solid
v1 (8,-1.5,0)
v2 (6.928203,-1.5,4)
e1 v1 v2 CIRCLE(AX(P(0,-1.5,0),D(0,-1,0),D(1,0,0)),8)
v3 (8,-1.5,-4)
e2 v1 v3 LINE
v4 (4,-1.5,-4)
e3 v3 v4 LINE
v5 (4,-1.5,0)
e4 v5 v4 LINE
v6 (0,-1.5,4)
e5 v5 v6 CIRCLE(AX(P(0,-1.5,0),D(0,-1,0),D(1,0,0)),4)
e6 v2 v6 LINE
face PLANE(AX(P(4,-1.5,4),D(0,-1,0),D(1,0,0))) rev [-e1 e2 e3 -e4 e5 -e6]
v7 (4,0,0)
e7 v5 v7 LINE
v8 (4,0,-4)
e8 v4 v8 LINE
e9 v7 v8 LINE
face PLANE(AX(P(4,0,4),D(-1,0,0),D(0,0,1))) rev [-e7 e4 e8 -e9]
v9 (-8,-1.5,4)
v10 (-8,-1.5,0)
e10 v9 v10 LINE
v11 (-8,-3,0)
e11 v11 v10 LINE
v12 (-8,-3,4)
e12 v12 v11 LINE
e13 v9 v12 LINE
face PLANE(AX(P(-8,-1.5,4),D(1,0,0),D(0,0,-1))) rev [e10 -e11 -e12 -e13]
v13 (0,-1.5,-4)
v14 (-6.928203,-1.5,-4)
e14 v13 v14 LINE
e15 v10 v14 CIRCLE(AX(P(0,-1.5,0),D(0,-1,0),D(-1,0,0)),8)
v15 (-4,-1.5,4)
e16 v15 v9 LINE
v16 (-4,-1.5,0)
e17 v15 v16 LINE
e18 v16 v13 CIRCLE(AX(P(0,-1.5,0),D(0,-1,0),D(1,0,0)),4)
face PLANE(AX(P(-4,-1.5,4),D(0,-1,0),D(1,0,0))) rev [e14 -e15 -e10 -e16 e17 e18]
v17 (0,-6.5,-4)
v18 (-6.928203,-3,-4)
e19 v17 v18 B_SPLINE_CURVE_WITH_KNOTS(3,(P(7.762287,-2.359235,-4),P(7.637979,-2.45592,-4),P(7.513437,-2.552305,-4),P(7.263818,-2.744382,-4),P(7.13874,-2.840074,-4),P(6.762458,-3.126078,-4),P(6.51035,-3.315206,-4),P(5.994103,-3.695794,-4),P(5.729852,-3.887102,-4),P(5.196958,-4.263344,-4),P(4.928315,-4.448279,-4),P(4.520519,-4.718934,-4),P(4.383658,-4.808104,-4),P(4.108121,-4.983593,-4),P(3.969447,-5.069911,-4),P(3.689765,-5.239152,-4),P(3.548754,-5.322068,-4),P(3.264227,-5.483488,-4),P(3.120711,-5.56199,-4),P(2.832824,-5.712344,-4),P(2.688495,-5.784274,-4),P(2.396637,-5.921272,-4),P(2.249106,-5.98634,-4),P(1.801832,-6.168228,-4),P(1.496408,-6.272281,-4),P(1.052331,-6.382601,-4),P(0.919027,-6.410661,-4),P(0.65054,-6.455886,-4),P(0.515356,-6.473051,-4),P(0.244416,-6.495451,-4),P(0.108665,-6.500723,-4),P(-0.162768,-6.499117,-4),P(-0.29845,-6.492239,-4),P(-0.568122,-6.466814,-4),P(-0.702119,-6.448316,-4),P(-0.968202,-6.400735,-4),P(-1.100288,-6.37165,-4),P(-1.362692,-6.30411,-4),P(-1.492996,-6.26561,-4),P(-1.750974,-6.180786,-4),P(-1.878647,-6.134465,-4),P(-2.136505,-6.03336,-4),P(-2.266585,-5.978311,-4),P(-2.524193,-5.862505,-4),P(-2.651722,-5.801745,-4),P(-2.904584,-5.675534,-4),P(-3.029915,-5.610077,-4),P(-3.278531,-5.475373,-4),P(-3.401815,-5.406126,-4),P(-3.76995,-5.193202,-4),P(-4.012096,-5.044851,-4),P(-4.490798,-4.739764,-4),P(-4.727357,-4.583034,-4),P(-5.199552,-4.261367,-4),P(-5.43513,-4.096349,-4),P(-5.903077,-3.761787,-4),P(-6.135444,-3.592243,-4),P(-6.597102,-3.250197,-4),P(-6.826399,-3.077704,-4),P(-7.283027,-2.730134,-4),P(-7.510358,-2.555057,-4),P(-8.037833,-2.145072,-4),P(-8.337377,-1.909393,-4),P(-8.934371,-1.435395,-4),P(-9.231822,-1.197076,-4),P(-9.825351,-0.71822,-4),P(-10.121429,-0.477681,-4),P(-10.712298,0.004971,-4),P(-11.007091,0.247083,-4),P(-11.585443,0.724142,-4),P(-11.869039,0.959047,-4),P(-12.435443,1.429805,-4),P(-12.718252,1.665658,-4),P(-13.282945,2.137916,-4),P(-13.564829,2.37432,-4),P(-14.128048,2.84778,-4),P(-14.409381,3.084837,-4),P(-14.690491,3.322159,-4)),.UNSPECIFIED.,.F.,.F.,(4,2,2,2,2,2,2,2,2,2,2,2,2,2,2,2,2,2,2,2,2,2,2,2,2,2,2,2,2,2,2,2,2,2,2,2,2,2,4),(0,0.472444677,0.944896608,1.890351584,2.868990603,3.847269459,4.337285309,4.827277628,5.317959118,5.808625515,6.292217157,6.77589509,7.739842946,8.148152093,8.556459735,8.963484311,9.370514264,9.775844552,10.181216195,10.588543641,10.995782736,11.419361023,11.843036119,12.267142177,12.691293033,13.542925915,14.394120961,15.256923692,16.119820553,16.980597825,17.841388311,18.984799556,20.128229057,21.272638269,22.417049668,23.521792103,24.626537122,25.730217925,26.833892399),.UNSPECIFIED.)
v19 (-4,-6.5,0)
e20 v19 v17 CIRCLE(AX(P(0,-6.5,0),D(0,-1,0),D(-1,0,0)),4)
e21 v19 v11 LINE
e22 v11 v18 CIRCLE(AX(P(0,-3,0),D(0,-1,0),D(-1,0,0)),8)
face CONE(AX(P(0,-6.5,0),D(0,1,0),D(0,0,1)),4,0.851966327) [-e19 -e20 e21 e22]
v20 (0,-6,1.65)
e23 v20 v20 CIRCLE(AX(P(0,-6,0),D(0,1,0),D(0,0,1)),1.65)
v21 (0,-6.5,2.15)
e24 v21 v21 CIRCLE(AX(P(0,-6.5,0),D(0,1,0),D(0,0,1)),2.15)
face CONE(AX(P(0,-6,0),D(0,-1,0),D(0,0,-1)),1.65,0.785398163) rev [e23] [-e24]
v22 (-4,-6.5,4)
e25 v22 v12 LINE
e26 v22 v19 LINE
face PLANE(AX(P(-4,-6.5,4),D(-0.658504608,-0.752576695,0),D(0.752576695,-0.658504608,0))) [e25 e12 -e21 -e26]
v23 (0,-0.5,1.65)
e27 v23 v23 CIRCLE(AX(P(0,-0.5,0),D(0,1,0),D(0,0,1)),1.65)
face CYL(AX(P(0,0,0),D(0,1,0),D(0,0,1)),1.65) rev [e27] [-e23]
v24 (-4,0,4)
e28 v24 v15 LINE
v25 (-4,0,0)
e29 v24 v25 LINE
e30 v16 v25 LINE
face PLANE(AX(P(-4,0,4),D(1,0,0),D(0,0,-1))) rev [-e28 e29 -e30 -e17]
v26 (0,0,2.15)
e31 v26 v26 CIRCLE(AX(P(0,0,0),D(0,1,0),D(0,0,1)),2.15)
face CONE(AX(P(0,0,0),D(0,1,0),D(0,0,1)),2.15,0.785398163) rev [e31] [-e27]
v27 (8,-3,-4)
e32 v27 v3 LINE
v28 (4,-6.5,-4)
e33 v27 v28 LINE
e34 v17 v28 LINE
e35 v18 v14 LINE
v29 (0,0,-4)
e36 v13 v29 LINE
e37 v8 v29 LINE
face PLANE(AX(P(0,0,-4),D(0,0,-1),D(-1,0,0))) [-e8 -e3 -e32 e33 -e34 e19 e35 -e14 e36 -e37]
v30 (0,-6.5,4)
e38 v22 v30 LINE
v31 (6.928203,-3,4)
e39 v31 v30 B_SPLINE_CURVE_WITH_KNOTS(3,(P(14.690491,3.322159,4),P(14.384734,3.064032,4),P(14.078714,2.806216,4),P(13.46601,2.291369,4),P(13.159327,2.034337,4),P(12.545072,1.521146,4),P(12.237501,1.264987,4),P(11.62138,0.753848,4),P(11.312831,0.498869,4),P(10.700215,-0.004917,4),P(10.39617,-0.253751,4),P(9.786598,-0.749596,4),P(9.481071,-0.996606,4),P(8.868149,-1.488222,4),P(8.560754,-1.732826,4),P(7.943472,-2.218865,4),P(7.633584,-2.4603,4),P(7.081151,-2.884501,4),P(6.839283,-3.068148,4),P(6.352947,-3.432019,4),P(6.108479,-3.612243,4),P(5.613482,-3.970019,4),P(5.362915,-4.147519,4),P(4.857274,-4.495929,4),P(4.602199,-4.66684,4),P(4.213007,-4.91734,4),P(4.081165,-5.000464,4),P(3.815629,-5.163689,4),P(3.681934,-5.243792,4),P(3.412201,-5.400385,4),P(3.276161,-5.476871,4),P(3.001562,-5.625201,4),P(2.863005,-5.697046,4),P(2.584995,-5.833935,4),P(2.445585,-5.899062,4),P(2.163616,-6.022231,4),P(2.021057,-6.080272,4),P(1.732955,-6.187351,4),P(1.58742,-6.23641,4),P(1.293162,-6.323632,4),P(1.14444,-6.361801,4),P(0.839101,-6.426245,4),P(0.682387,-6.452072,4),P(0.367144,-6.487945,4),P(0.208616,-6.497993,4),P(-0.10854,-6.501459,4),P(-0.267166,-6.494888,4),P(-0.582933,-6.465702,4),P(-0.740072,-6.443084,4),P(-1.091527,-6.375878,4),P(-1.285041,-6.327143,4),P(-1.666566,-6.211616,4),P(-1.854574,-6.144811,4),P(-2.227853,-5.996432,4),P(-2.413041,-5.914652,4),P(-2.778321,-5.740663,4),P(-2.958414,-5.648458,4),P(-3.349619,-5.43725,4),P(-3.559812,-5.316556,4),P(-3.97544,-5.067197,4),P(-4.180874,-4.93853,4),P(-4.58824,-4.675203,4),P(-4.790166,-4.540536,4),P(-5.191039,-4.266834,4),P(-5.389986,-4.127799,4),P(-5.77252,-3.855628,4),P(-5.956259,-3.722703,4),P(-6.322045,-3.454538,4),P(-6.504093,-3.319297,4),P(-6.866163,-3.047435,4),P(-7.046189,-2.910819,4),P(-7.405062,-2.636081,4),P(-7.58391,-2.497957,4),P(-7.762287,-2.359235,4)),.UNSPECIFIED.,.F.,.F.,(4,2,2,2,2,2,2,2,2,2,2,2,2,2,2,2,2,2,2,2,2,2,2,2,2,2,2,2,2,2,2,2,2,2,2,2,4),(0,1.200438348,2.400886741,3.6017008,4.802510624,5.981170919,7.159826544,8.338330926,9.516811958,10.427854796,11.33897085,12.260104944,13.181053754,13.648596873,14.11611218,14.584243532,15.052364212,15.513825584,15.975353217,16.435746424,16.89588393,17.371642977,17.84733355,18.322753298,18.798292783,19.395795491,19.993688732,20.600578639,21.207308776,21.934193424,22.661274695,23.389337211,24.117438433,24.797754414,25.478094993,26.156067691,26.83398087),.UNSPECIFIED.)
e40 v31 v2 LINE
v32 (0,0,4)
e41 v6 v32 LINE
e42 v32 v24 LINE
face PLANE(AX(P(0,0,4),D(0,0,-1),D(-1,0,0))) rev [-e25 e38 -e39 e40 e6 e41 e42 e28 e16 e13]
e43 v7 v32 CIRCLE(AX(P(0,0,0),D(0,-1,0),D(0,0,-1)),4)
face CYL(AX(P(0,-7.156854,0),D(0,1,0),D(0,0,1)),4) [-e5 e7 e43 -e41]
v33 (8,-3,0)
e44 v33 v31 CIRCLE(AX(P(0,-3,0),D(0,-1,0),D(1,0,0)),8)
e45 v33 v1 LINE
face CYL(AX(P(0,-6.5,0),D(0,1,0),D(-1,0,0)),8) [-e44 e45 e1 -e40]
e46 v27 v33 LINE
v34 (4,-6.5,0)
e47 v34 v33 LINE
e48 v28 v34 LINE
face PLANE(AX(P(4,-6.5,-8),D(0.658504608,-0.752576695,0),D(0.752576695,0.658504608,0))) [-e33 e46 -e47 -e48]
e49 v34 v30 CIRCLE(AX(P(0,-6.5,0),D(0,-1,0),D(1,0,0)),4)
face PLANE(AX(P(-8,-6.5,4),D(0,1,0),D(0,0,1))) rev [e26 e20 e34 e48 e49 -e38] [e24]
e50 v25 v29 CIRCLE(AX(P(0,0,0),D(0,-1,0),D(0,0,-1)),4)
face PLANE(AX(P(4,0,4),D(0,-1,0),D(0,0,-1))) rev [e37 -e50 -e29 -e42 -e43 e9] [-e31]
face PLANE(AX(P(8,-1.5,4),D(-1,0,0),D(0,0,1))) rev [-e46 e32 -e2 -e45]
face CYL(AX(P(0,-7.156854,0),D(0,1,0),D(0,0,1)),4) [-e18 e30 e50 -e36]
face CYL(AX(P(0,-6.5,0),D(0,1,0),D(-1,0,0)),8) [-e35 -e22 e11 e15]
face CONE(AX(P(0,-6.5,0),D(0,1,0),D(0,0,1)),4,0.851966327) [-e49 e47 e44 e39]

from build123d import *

# Parameters (mm, degrees)
EXTRUDE_1_DEPTH     = 4
CUT_EXTRUDE_1_DEPTH = 1.5
CUT_EXTRUDE_2_DEPTH = 6


with BuildPart() as part:
    # Эскиз1 → Бобышка-Вытянуть1 (new body, symmetric)
    with BuildSketch(Plane.XY):
        Polygon((4, 0), (-4, 0), (-4, -1.5), (-8, -1.5), (-8, -6.5), (8, -6.5), (8, -1.5), (4, -1.5), align=None)
    extrude(amount=EXTRUDE_1_DEPTH, both=True)

    # Эскиз3 → Отверстие обработанное метчиком M42 (revolve, cut)
    with BuildSketch(Plane(origin=(0, 0, 0), x_dir=(0, 0, 1), z_dir=(1, 0, 0))):
        Polygon((0, 0), (0, 6.5), (2.15, 6.5), (1.65, 6), (1.65, 0.5), (2.15, 0), align=None)
    revolve(axis=Axis((0, 6.35, 0), (0, -1, 0)), mode=Mode.SUBTRACT)

    # Эскиз4 → Вырез-Вытянуть1 (cut)
    with BuildSketch(Plane(origin=(0, 0, 0), x_dir=(1, 0, 0), z_dir=(0, 1, 0))):
        with BuildLine():
            Line((-4, 4), (-4, 0))
            ThreePointArc((-4, 0), (-2.828427125, 2.828427125), (0, 4))
            Line((0, 4), (-4, 4))
        make_face()
        with BuildLine():
            Line((0, -4), (4, -4))
            Line((4, -4), (4, 0))
            ThreePointArc((4, 0), (2.828427125, -2.828427125), (0, -4))
        make_face()
    extrude(amount=-CUT_EXTRUDE_1_DEPTH, mode=Mode.SUBTRACT)

    # Эскиз5 → Вырез-Вытянуть2 (cut, through all)
    with BuildSketch(Plane(origin=(0, -1.5, 0), x_dir=(1, 0, 0), z_dir=(0, 1, 0))):
        with BuildLine():
            Line((-8, 0), (-8, 4))
            Line((-8, 4), (-6.92820323, 4))
            ThreePointArc((-6.92820323, 4), (-7.72740661, 2.070552361), (-8, 0))
        make_face()
        with BuildLine():
            Line((8, 0), (8, -4))
            Line((8, -4), (6.92820323, -4))
            ThreePointArc((6.92820323, -4), (7.72740661, -2.070552361), (8, 0))
        make_face()
    extrude(amount=-CUT_EXTRUDE_2_DEPTH, mode=Mode.SUBTRACT)

    # Вырез-По траектории1: sweep along a path in Эскиз7
    with BuildLine(Plane.XZ.offset(6.5)) as sweep_1_path:
        Line((0, 8), (-8, 8))
        Line((-8, 8), (-8, 0))
        ThreePointArc((-8, 0), (-5.656854249, -5.656854249), (0, -8))
        Line((0, -8), (8, -8))
        Line((8, -8), (8, 0))
        ThreePointArc((8, 0), (5.656854249, 5.656854249), (0, 8))
    # Эскиз6 → Вырез-По траектории1 (sweep, cut)
    with BuildSketch(Plane.XY.offset(4)):
        Polygon((-8, -3), (-8, -6.5), (-4, -6.5), align=None)
    sweep(path=sweep_1_path.line, transition=Transition.RIGHT, mode=Mode.SUBTRACT)


solid = part.part
